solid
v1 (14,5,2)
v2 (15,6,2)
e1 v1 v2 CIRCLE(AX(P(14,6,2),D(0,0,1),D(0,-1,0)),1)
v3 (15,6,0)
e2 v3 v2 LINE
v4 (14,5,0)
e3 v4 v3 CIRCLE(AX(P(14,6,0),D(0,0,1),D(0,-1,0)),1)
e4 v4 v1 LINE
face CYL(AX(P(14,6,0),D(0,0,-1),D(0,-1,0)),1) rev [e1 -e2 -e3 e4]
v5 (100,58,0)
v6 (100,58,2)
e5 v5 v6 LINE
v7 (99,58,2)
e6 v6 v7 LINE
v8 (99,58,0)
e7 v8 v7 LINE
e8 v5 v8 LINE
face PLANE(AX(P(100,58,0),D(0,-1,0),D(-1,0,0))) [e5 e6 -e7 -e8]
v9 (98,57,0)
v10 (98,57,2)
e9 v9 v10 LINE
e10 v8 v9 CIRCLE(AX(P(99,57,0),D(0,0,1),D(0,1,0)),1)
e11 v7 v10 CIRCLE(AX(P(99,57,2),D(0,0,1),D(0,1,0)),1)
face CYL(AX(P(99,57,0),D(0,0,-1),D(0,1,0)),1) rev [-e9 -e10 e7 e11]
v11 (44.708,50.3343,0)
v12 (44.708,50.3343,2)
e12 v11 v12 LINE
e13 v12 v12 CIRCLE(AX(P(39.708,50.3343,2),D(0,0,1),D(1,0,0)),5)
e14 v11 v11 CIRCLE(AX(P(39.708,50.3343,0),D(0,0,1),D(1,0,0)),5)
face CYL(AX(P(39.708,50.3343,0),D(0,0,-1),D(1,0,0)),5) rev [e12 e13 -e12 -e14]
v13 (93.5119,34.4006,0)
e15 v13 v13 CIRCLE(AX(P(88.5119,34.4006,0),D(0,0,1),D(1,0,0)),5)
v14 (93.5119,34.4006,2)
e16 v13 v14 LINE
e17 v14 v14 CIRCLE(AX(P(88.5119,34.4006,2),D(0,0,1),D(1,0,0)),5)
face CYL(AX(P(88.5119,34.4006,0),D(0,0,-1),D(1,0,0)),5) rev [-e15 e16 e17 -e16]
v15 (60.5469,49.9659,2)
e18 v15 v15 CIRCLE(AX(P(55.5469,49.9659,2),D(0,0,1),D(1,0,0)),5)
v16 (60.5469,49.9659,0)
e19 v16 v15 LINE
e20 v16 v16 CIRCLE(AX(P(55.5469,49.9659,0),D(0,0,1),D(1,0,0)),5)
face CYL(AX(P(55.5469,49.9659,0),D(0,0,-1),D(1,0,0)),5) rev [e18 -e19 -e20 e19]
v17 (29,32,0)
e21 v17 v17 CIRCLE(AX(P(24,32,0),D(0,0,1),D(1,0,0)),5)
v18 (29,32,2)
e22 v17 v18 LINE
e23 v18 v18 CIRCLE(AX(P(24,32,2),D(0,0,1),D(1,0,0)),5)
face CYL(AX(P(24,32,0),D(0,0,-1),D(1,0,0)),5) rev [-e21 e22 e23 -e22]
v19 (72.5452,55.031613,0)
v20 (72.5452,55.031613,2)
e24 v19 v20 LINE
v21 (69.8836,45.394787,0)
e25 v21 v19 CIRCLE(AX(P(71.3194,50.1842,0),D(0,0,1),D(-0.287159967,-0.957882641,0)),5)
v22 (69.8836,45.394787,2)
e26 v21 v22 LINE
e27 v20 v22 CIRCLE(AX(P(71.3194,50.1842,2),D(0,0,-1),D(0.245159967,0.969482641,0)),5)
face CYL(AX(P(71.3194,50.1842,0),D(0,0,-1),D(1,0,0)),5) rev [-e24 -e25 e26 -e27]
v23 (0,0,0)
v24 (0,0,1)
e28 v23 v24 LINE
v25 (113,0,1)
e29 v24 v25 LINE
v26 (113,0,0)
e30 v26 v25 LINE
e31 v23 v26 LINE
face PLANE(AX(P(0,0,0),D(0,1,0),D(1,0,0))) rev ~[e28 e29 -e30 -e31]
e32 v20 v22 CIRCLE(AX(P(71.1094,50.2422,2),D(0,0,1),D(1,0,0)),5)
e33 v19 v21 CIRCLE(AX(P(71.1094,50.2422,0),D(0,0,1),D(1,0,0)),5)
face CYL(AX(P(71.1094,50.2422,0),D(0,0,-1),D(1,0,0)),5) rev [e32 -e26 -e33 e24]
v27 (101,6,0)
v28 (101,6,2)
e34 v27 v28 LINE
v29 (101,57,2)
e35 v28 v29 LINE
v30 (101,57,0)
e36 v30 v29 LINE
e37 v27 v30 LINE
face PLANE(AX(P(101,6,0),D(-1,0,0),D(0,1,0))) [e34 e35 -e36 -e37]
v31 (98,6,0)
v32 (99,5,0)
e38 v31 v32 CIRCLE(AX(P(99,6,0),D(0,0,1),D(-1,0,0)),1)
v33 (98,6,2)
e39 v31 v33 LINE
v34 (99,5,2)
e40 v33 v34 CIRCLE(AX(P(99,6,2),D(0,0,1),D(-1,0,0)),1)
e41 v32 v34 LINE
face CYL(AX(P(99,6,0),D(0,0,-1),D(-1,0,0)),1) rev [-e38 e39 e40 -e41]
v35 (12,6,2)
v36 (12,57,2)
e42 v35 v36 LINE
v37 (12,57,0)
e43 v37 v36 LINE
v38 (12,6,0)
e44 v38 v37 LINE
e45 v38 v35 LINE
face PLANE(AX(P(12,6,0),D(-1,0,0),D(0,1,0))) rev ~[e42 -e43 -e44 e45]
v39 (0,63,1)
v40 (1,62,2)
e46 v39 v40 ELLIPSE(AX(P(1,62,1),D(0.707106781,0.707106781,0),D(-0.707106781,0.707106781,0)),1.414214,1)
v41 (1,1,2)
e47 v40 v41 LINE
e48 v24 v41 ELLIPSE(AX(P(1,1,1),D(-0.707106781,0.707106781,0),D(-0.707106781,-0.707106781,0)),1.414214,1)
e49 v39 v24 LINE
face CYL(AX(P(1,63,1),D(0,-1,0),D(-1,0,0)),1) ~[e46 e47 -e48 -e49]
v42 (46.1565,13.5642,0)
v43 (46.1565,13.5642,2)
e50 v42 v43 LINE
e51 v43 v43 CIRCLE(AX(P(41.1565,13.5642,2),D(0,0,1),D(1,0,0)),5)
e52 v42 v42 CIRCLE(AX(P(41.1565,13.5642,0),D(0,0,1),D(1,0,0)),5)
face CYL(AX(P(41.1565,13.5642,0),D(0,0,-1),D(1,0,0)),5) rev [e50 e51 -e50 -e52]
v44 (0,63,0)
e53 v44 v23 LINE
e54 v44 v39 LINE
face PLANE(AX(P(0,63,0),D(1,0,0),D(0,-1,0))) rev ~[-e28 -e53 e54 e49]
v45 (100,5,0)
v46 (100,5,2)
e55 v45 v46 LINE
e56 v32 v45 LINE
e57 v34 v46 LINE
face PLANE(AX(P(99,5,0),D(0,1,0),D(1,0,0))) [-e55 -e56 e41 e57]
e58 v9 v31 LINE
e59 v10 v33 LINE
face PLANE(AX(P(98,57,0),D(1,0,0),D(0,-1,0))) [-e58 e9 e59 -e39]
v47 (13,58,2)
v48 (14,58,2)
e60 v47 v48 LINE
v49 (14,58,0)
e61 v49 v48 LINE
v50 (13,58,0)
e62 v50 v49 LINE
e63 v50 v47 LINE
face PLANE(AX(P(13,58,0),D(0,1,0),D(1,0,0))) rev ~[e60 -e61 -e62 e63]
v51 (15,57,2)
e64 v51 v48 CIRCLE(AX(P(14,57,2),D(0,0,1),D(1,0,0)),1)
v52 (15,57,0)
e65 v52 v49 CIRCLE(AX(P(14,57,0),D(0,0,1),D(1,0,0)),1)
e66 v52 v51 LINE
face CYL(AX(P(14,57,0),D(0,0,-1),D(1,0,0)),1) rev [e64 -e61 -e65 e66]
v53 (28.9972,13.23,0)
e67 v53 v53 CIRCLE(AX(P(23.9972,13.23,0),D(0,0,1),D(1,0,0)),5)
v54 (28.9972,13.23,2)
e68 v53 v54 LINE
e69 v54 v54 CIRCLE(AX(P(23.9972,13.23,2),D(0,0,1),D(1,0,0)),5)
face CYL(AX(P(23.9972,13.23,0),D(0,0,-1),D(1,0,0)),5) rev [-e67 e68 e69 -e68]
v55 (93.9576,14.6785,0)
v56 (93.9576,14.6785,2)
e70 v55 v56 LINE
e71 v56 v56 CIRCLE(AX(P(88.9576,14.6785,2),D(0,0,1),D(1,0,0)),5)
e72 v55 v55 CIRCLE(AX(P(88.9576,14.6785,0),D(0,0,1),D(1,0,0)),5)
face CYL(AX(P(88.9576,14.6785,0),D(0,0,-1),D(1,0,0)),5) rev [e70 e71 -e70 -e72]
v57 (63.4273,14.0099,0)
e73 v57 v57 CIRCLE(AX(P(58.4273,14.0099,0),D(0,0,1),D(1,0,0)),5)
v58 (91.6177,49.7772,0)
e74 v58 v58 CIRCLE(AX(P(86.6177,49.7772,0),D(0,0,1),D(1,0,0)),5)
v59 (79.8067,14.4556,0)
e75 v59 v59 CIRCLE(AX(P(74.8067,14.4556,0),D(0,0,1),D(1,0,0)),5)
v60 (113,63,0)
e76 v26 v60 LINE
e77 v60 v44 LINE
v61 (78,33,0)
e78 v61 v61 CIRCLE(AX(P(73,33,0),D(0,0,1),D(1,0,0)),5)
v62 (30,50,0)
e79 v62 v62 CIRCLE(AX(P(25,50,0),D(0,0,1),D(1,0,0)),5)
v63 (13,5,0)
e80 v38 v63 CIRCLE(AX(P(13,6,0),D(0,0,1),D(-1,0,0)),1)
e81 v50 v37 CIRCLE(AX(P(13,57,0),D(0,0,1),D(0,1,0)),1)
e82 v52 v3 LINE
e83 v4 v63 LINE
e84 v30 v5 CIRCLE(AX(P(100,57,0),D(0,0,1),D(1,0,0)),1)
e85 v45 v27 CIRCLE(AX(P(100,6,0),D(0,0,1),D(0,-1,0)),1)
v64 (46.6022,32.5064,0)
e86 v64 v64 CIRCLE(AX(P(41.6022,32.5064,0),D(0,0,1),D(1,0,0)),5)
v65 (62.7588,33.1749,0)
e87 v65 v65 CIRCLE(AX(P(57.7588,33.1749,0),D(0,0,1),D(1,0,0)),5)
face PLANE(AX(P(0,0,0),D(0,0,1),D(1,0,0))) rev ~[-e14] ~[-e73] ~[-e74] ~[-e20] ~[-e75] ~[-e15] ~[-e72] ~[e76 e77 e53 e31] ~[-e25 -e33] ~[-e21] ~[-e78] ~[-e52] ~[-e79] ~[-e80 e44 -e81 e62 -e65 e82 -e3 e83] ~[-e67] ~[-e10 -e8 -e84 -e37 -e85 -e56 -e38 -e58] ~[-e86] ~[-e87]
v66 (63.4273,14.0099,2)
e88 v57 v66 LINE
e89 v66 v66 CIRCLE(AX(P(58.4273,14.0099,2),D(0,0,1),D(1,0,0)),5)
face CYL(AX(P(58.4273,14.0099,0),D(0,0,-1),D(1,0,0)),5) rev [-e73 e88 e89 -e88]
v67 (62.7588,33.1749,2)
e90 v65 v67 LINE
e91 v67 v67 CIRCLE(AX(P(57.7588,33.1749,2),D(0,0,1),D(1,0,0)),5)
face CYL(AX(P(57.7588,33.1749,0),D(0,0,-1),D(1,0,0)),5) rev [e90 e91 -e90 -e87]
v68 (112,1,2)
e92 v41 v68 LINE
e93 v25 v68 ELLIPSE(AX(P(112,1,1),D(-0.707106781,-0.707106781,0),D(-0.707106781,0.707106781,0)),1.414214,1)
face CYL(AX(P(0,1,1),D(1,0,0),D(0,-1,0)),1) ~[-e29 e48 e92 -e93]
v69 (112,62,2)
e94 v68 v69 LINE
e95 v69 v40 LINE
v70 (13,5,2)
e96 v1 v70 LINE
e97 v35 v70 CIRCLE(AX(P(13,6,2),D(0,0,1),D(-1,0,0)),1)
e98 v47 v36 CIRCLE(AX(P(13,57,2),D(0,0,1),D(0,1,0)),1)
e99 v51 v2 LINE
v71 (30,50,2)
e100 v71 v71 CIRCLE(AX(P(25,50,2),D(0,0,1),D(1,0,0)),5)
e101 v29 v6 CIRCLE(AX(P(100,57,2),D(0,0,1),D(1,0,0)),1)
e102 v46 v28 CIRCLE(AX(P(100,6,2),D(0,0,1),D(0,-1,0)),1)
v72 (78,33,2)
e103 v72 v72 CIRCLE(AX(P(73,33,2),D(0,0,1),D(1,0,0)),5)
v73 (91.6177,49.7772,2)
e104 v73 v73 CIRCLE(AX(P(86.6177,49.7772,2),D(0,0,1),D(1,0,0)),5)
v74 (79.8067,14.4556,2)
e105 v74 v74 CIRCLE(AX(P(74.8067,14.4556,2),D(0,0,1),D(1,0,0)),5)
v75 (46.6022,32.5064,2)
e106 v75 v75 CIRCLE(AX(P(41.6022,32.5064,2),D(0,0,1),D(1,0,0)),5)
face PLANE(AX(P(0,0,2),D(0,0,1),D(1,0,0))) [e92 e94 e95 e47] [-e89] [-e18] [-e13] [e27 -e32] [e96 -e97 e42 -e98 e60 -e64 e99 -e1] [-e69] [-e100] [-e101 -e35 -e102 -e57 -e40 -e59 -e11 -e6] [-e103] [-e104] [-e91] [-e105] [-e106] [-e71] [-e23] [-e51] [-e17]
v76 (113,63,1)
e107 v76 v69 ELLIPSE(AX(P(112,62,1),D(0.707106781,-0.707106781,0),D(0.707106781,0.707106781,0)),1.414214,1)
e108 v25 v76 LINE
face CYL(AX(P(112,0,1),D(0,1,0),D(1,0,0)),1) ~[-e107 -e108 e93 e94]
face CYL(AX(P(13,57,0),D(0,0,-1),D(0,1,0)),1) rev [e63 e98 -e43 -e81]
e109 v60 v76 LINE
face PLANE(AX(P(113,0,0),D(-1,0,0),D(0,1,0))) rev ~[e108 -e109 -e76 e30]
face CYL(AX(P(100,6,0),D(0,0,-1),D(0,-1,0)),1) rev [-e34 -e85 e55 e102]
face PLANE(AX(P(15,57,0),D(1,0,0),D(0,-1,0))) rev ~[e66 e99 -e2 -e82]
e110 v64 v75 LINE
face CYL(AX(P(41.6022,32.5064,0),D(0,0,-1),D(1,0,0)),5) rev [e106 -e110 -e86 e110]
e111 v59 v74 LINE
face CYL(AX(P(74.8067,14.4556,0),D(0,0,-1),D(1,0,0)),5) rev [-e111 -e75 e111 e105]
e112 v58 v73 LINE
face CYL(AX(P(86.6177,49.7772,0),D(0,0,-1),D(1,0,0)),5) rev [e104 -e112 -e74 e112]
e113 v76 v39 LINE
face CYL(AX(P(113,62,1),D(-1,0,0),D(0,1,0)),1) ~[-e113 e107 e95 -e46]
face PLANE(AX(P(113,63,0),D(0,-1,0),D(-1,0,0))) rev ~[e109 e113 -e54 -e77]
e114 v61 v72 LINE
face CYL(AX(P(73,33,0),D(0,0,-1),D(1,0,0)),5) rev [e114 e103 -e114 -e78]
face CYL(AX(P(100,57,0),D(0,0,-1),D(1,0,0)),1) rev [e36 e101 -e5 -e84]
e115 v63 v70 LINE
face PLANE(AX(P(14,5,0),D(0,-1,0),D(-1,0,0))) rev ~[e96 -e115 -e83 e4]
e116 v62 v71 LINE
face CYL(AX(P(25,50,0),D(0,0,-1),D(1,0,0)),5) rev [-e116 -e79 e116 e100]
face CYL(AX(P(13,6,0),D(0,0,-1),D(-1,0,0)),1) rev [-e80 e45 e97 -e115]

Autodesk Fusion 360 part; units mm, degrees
sketch "Sketch1" plane through (0, 0, 0) normal (0, 0, 1) x (1, 0, 0) in component "base_layer"
  line L0 (0, 0) -> (113, 0)
  line L1 (113, 0) -> (113, 63)
  line L2 (113, 63) -> (0, 63)
  line L3 (0, 63) -> (0, 0)
  line L4 (9, 58) -> (12, 58)
  line L5 (104, 58) -> (101, 58)
  line L6 (13, 58) -> (14, 58)
  line L7 (15, 57) -> (15, 6)
  line L8 (14, 5) -> (13, 5)
  line L9 (12, 6) -> (12, 57)
  line L10 (100, 58) -> (99, 58)
  line L11 (98, 57) -> (98, 6)
  line L12 (99, 5) -> (100, 5)
  line L13 (101, 6) -> (101, 57)
  arc A0 (13, 58) -> (12, 57) centre (13, 57) ccw
  arc A1 (15, 57) -> (14, 58) centre (14, 57) ccw
  arc A2 (12, 6) -> (13, 5) centre (13, 6) ccw
  arc A3 (14, 5) -> (15, 6) centre (14, 6) ccw
  arc A4 (99, 58) -> (98, 57) centre (99, 57) ccw
  arc A5 (101, 57) -> (100, 58) centre (100, 57) ccw
  arc A6 (100, 5) -> (101, 6) centre (100, 6) ccw
  arc A7 (98, 6) -> (99, 5) centre (99, 6) ccw
  circle A8 centre (25, 50) radius 5
  circle A9 centre (25, 50) radius 5
  circle A10 centre (55.5469, 49.9659) radius 5
  circle A11 centre (71.1094, 50.2422) radius 5
  circle A12 centre (71.3194, 50.1842) radius 5
  circle A13 centre (86.6177, 49.7772) radius 5
  circle A14 centre (25, 50) radius 5
  circle A15 centre (24, 32) radius 5
  circle A16 centre (23.9972, 13.23) radius 5
  circle A17 centre (41.6022, 32.5064) radius 5
  circle A18 centre (41.1565, 13.5642) radius 5
  circle A19 centre (39.708, 50.3343) radius 5
  circle A20 centre (57.7588, 33.1749) radius 5
  circle A21 centre (73, 33) radius 5
  circle A22 centre (88.5119, 34.4006) radius 5
  circle A23 centre (58.4273, 14.0099) radius 5
  circle A24 centre (74.8067, 14.4556) radius 5
  circle A25 centre (88.9576, 14.6785) radius 5
  point P0 (15, 58)
  point P1 (15, 5)
  point P2 (98, 58)
  dimension "d1" = 113
  dimension "d2" = 63
  dimension "d5" = 5
  dimension "d7" = 5
  dimension "d14" = 3
  dimension "d15" = 5
  dimension "d16" = 3
  dimension "d17" = 5
  dimension "d18" = 1
  dimension "d19" = 1
  dimension "d20" = 1
  dimension "d21" = 1
  dimension "d22" = 10
  dimension "d23" = 10
  dimension "d24" = 10
  dimension "d25" = 10
  dimension "d26" = 10
  dimension "d27" = 10
  dimension "d28" = 10
  dimension "d29" = 10
  dimension "d30" = 10
  dimension "d31" = 10
  dimension "d32" = 10
  dimension "d33" = 10
  dimension "d34" = 10
  dimension "d35" = 10
  dimension "d36" = 10
  dimension "d37" = 10
  dimension "d38" = 10
  dimension "d39" = 10
extrude "Extrude1" add sketch "Sketch1" along normal blind 2 in component "base_layer"
fillet "Fillet1" radius 1 4 edges at (113, 31.5, 2) (56.5, 63, 2) (0, 31.5, 2) (56.5, 0, 2) in component "base_layer"
component "base_layer" placed x (1, 0, 0) y (0, 1, 0) z (0, 0, 1) at (0, 0, 0)
